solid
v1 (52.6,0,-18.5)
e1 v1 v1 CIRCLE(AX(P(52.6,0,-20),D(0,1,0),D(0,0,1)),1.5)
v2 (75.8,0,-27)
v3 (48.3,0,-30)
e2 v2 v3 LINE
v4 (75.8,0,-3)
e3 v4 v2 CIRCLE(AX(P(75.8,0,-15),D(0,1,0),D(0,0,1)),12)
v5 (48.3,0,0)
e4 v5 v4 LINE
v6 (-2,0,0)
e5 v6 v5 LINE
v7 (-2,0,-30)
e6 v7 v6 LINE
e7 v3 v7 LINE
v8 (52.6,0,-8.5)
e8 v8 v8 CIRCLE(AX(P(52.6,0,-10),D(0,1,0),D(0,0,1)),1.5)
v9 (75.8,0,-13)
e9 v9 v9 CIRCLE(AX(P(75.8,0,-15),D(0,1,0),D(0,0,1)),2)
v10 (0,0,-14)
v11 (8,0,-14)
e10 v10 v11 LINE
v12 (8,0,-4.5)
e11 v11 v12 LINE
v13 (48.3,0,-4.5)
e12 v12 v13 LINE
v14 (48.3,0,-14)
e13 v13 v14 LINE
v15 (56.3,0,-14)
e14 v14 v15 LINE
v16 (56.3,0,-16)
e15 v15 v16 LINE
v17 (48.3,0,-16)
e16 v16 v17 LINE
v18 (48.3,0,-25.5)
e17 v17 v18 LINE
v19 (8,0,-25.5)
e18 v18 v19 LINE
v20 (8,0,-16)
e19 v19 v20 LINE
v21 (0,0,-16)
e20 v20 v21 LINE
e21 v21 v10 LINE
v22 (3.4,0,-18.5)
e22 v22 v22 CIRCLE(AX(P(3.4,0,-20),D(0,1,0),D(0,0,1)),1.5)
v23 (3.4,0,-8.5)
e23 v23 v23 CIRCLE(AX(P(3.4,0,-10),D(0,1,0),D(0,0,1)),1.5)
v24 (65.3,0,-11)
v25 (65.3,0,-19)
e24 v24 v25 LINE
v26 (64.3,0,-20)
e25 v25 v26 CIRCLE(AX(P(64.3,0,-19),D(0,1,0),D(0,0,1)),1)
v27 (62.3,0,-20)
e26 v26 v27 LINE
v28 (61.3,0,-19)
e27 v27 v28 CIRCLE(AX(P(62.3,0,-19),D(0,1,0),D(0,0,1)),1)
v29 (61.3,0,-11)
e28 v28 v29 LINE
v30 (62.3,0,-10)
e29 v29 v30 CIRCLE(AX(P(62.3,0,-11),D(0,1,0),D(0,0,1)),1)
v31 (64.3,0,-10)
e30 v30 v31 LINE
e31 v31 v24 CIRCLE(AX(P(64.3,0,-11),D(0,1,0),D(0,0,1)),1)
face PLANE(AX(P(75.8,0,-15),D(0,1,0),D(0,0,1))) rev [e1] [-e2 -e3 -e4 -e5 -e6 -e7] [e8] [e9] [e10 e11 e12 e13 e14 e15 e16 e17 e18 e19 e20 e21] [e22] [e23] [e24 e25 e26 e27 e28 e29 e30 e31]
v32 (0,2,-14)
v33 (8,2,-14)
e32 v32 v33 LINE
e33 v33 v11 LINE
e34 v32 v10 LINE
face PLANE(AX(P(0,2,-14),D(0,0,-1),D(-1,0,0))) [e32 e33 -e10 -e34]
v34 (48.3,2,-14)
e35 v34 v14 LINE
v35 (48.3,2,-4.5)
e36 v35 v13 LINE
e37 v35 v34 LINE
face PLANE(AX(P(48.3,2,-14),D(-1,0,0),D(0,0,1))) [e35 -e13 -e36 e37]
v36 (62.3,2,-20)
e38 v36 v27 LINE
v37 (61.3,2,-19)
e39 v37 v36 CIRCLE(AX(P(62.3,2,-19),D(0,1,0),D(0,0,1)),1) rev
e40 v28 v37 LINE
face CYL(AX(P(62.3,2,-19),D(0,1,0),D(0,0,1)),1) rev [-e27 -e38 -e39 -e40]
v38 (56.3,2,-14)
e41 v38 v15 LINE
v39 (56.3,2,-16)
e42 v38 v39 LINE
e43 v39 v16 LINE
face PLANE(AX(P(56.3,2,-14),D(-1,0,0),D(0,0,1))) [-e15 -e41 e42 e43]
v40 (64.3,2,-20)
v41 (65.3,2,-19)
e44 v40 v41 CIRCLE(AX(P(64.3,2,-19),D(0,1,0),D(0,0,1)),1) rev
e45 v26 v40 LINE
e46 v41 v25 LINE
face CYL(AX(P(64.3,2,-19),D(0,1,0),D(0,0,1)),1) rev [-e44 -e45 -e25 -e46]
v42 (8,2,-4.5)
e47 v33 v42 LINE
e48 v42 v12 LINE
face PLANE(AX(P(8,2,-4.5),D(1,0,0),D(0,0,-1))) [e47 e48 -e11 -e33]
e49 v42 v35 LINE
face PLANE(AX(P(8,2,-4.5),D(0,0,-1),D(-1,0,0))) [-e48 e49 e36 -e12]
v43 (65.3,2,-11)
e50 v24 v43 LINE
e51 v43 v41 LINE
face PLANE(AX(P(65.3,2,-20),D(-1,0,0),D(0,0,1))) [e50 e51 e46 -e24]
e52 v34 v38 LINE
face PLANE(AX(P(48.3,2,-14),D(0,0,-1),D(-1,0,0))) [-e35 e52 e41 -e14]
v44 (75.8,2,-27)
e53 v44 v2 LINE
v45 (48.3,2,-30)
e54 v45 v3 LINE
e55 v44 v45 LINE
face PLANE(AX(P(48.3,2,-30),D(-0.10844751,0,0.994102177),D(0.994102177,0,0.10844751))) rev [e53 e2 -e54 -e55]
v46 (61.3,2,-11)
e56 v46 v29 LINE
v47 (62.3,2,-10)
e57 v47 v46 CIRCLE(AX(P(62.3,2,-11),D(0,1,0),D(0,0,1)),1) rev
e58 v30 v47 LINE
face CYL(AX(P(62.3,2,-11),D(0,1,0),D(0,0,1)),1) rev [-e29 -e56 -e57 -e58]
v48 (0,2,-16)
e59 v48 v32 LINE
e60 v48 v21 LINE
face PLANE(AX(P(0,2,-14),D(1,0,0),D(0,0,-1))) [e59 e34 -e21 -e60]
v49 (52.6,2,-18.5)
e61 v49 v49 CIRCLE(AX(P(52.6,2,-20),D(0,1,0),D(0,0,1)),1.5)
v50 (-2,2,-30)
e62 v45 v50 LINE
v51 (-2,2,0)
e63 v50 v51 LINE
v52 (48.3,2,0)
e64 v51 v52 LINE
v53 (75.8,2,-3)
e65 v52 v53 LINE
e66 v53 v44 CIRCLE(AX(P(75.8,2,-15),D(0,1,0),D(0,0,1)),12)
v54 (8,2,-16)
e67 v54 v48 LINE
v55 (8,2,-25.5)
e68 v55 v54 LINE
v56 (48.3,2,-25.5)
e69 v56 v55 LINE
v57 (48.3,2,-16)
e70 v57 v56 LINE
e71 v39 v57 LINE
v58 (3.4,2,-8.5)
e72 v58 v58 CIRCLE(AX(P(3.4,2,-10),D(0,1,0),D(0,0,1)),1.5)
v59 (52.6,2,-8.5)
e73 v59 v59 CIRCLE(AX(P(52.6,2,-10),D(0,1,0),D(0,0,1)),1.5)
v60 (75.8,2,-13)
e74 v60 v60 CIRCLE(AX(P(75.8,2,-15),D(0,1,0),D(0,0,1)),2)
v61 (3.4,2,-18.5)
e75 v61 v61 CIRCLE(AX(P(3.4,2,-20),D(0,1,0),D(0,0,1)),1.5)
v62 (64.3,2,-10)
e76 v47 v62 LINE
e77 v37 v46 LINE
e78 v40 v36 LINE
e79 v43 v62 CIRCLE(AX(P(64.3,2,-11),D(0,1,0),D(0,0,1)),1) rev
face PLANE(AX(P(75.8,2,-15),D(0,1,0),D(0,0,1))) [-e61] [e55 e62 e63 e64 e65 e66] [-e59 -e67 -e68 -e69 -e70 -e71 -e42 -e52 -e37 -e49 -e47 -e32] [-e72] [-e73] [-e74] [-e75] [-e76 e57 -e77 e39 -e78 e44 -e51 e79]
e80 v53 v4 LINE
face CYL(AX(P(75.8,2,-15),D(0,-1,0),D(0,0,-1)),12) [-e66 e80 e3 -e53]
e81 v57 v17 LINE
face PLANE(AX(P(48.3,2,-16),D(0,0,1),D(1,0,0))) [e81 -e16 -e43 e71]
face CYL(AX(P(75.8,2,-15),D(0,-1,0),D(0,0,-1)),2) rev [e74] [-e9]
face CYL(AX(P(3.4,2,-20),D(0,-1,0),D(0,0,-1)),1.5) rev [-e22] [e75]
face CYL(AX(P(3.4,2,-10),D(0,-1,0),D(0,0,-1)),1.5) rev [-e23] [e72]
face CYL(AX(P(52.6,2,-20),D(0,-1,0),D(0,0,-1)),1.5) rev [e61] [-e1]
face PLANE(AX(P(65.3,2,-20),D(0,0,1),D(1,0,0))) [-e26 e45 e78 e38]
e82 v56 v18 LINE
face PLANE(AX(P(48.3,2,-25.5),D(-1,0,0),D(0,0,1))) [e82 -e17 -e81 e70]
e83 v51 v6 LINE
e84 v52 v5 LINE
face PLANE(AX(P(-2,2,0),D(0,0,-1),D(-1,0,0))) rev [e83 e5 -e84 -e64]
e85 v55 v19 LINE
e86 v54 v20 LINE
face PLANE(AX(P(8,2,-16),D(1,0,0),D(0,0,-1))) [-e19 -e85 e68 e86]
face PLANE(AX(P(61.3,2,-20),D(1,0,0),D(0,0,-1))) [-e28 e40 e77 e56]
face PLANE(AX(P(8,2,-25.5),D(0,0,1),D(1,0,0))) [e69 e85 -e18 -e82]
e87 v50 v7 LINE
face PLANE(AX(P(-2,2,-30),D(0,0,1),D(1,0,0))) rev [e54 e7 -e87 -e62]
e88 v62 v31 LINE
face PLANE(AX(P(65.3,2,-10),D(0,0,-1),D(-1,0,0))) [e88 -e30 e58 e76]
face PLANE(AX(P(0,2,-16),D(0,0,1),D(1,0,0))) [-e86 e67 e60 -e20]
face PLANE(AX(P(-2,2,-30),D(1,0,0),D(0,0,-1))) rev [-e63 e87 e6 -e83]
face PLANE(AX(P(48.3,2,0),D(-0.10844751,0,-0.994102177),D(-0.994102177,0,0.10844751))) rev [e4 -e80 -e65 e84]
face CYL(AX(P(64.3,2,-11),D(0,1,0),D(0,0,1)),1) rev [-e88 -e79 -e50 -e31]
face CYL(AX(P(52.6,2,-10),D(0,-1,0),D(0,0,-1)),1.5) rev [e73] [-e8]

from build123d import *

# Parameters (mm, degrees)
SKETCH_1_R      = 1.5
SKETCH_1_R_2    = 2
SKETCH_1_W      = 4
SKETCH_1_H      = 10
EXTRUDE_1_DEPTH = 2
FILLET_1_R      = 1


with BuildPart() as part:
    # Эскиз1 → Бобышка-Вытянуть1 (new body)
    with BuildSketch(Plane(origin=(0, 0, 0), x_dir=(1, 0, 0), z_dir=(0, 1, 0))):
        with BuildLine():
            Line((-2, 30), (48.3, 30))
            Line((48.3, 30), (75.8, 27))
            ThreePointArc((75.8, 27), (87.8, 15), (75.8, 3))
            Line((75.8, 3), (48.3, 0))
            Line((48.3, 0), (-2, 0))
            Line((-2, 0), (-2, 30))
        make_face()
        with Locations(Location((3.4, 10, 0), (0, 0, 270))):
            Circle(SKETCH_1_R, mode=Mode.SUBTRACT)
        with Locations(Location((3.4, 20, 0), (0, 0, 270))):
            Circle(SKETCH_1_R, mode=Mode.SUBTRACT)
        with Locations(Location((52.6, 10, 0), (0, 0, 270))):
            Circle(SKETCH_1_R, mode=Mode.SUBTRACT)
        with Locations(Location((52.6, 20, 0), (0, 0, 270))):
            Circle(SKETCH_1_R, mode=Mode.SUBTRACT)
        with Locations(Location((75.8, 15, 0), (0, 0, 270))):
            Circle(SKETCH_1_R_2, mode=Mode.SUBTRACT)
        Polygon((8, 25.5), (48.3, 25.5), (48.3, 16), (56.3, 16), (56.3, 14), (48.3, 14), (48.3, 4.5), (8, 4.5), (8, 14), (0, 14), (0, 16), (8, 16), align=None, mode=Mode.SUBTRACT)
        with Locations((63.3, 15)):
            Rectangle(SKETCH_1_W, SKETCH_1_H, mode=Mode.SUBTRACT)
    extrude(amount=EXTRUDE_1_DEPTH)

    # Скругление1
    fillet_1_edges = [part.edges().sort_by_distance(p)[0] for p in [
        (65.3, 1, -10),
        (65.3, 1, -20),
        (61.3, 1, -20),
        (61.3, 1, -10),
    ]]
    fillet(fillet_1_edges, radius=FILLET_1_R)


solid = part.part
